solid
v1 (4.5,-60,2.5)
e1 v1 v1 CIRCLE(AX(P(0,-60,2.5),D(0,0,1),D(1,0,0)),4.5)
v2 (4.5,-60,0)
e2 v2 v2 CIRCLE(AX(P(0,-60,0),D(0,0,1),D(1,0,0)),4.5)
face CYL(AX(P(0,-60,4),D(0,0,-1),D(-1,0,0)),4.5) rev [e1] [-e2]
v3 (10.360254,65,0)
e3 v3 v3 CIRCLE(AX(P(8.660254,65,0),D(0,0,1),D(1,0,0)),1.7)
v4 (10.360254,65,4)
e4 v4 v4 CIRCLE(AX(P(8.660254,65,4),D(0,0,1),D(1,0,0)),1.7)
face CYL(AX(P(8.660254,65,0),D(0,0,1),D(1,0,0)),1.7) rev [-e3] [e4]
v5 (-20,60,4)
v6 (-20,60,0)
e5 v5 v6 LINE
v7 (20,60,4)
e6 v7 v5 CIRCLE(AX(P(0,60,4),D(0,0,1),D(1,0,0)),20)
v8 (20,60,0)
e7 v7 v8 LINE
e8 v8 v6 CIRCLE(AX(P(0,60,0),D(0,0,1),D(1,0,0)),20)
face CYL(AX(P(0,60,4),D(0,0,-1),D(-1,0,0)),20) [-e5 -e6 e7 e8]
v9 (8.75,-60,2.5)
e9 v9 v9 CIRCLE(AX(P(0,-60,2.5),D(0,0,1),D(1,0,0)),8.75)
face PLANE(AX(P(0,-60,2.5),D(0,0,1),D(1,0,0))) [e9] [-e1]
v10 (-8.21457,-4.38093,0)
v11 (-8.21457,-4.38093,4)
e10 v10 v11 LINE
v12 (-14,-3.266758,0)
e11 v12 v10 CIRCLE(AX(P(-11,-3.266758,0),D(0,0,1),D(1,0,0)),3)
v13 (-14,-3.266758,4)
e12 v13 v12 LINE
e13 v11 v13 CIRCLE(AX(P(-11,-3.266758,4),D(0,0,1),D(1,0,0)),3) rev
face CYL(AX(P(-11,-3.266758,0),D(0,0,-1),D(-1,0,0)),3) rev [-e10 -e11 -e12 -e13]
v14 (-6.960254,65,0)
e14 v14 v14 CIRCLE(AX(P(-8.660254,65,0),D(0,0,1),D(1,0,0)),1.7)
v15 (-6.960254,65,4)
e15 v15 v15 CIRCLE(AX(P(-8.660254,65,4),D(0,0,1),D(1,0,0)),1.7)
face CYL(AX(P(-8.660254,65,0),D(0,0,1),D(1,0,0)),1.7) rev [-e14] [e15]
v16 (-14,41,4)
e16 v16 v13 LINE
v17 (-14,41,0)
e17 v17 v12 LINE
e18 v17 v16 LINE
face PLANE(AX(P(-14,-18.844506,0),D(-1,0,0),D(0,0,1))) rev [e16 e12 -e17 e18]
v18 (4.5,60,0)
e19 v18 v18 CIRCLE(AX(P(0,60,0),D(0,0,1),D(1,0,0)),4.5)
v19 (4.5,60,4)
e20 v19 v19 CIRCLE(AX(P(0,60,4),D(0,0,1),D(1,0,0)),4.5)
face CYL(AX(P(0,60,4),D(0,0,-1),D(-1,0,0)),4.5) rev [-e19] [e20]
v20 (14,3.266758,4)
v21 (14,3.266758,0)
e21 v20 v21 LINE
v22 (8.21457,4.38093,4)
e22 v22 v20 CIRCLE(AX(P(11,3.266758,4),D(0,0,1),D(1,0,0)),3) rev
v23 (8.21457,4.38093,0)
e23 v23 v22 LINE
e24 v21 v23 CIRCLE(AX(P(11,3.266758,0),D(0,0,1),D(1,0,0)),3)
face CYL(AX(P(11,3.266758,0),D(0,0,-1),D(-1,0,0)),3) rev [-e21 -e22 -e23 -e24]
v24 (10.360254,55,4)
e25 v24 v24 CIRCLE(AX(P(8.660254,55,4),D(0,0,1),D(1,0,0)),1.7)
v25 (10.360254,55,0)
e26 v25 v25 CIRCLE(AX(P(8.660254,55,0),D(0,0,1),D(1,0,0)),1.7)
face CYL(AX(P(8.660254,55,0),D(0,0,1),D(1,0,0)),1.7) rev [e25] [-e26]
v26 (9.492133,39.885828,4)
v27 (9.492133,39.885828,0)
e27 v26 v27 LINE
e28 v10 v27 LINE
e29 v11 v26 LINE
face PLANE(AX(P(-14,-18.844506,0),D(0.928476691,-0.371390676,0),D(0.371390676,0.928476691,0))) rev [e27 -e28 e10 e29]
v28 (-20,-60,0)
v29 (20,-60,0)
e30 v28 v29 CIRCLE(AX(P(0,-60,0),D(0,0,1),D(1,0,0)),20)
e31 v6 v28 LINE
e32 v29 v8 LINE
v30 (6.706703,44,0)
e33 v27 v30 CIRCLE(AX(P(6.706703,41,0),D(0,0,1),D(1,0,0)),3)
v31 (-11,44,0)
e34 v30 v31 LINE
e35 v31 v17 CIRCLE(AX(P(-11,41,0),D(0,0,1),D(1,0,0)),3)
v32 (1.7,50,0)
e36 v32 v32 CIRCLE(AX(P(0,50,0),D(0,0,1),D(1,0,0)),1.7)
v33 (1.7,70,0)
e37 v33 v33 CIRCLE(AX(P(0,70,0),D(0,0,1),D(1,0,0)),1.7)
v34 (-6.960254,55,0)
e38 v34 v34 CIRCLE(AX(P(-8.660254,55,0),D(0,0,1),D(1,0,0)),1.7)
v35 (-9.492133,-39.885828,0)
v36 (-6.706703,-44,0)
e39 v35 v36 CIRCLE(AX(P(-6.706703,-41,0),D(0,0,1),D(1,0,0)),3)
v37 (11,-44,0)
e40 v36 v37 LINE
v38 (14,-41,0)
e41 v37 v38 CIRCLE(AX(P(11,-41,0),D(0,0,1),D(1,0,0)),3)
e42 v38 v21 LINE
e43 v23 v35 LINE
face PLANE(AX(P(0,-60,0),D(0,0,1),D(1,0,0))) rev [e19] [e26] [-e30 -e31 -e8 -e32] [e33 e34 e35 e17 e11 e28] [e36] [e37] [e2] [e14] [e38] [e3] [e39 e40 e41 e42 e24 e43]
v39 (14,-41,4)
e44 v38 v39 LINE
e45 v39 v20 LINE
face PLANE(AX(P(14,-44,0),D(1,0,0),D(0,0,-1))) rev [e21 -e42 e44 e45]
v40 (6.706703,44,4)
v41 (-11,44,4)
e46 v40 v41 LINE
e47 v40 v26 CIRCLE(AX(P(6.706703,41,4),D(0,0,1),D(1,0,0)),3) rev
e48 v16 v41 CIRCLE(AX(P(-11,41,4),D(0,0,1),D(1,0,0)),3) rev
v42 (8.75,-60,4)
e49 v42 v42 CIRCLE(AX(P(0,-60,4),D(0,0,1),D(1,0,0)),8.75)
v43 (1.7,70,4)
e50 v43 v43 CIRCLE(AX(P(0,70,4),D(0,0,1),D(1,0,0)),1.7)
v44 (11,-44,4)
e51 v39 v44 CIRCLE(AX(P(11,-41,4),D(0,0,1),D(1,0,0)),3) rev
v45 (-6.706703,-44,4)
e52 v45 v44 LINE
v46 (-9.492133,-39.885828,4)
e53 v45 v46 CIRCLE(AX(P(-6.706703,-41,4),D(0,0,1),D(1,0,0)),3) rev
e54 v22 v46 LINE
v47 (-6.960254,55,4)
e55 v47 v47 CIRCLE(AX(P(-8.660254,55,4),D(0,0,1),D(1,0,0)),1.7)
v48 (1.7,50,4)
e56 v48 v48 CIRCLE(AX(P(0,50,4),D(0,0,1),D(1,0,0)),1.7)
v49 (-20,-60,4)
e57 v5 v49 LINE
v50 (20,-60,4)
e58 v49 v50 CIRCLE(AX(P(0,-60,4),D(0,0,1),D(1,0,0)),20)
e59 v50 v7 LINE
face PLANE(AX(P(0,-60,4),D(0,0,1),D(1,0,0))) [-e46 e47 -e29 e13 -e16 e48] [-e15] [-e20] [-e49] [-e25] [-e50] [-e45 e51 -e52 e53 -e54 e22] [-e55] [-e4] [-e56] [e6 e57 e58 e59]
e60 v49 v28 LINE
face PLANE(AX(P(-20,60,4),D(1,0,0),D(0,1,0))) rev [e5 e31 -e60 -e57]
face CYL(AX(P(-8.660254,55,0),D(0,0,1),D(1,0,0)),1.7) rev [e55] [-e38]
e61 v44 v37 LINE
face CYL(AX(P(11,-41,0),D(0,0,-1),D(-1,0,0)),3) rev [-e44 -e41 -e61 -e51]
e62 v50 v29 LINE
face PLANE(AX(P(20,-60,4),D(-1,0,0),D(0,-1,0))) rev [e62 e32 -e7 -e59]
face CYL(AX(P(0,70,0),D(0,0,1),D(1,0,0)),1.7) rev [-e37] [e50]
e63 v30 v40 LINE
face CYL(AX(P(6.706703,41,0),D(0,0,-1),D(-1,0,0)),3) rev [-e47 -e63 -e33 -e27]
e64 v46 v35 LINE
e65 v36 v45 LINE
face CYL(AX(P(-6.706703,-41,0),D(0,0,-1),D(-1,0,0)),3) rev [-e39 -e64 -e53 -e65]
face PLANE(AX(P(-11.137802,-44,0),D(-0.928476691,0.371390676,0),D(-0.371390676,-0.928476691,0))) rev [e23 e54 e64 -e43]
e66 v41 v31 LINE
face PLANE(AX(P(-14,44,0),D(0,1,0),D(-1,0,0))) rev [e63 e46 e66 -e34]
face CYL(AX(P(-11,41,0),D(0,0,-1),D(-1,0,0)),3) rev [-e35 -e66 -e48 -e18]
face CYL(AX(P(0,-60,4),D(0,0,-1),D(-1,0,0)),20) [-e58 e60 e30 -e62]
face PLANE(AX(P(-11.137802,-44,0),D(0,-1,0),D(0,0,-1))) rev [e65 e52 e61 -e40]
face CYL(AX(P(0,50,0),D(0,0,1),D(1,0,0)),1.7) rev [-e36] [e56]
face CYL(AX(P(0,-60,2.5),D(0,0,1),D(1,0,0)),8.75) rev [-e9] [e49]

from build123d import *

# Parameters (mm, degrees)
SKETCH_1_R          = 4.5
EXTRUDE_2_DEPTH     = 4
CUT_EXTRUDE_1_DEPTH = 83.559069762
FILLET_1_R          = 3
SKETCH_6_R          = 1.7
CUT_EXTRUDE_2_DEPTH = 83.559069762
SKETCH_7_R          = 8.75
CUT_EXTRUDE_3_DEPTH = 1.5


with BuildPart() as part:
    # 草图1 → 凸台-拉伸2 (new body)
    with BuildSketch(Plane.XY):
        with BuildLine():
            Line((20, -60), (20, 60))
            ThreePointArc((20, 60), (0, 80), (-20, 60))
            Line((-20, 60), (-20, -60))
            ThreePointArc((-20, -60), (0, -80), (20, -60))
        make_face()
        with Locations((0, 60)):
            Circle(SKETCH_1_R, mode=Mode.SUBTRACT)
        with Locations((0, -60)):
            Circle(SKETCH_1_R, mode=Mode.SUBTRACT)
    extrude(amount=EXTRUDE_2_DEPTH)

    # 草图4 → 切除-拉伸1 (cut, through all)
    with BuildSketch(Plane.XY.offset(4)):
        Polygon((-14, -18.844505579), (11.137802231, 44), (-14, 44), align=None)
        Polygon((14, -44), (14, 18.844505579), (-11.137802231, -44), align=None)
    extrude(amount=-CUT_EXTRUDE_1_DEPTH, mode=Mode.SUBTRACT)

    # 圆角1
    fillet_1_edges = [part.edges().sort_by_distance(p)[0] for p in [
        (14, -44, 2),
        (-11.137802231, -44, 2),
        (14, 18.844505579, 2),
        (-14, -18.844505579, 2),
        (-14, 44, 2),
        (11.137802231, 44, 2),
    ]]
    fillet(fillet_1_edges, radius=FILLET_1_R)

    # 草图6 → 切除-拉伸2 (cut, through all)
    with BuildSketch(Plane.XY.offset(4)):
        with Locations((0, 50)):
            Circle(SKETCH_6_R)
        with Locations((-8.660254038, 55)):
            Circle(SKETCH_6_R)
        with Locations((-8.660254038, 65)):
            Circle(SKETCH_6_R)
        with Locations((0, 70)):
            Circle(SKETCH_6_R)
        with Locations((8.660254038, 65)):
            Circle(SKETCH_6_R)
        with Locations((8.660254038, 55)):
            Circle(SKETCH_6_R)
    extrude(amount=-CUT_EXTRUDE_2_DEPTH, mode=Mode.SUBTRACT)

    # 草图7 → 切除-拉伸3 (cut)
    with BuildSketch(Plane.XY.offset(4)):
        with Locations((0, -60)):
            Circle(SKETCH_7_R)
    extrude(amount=-CUT_EXTRUDE_3_DEPTH, mode=Mode.SUBTRACT)


solid = part.part
